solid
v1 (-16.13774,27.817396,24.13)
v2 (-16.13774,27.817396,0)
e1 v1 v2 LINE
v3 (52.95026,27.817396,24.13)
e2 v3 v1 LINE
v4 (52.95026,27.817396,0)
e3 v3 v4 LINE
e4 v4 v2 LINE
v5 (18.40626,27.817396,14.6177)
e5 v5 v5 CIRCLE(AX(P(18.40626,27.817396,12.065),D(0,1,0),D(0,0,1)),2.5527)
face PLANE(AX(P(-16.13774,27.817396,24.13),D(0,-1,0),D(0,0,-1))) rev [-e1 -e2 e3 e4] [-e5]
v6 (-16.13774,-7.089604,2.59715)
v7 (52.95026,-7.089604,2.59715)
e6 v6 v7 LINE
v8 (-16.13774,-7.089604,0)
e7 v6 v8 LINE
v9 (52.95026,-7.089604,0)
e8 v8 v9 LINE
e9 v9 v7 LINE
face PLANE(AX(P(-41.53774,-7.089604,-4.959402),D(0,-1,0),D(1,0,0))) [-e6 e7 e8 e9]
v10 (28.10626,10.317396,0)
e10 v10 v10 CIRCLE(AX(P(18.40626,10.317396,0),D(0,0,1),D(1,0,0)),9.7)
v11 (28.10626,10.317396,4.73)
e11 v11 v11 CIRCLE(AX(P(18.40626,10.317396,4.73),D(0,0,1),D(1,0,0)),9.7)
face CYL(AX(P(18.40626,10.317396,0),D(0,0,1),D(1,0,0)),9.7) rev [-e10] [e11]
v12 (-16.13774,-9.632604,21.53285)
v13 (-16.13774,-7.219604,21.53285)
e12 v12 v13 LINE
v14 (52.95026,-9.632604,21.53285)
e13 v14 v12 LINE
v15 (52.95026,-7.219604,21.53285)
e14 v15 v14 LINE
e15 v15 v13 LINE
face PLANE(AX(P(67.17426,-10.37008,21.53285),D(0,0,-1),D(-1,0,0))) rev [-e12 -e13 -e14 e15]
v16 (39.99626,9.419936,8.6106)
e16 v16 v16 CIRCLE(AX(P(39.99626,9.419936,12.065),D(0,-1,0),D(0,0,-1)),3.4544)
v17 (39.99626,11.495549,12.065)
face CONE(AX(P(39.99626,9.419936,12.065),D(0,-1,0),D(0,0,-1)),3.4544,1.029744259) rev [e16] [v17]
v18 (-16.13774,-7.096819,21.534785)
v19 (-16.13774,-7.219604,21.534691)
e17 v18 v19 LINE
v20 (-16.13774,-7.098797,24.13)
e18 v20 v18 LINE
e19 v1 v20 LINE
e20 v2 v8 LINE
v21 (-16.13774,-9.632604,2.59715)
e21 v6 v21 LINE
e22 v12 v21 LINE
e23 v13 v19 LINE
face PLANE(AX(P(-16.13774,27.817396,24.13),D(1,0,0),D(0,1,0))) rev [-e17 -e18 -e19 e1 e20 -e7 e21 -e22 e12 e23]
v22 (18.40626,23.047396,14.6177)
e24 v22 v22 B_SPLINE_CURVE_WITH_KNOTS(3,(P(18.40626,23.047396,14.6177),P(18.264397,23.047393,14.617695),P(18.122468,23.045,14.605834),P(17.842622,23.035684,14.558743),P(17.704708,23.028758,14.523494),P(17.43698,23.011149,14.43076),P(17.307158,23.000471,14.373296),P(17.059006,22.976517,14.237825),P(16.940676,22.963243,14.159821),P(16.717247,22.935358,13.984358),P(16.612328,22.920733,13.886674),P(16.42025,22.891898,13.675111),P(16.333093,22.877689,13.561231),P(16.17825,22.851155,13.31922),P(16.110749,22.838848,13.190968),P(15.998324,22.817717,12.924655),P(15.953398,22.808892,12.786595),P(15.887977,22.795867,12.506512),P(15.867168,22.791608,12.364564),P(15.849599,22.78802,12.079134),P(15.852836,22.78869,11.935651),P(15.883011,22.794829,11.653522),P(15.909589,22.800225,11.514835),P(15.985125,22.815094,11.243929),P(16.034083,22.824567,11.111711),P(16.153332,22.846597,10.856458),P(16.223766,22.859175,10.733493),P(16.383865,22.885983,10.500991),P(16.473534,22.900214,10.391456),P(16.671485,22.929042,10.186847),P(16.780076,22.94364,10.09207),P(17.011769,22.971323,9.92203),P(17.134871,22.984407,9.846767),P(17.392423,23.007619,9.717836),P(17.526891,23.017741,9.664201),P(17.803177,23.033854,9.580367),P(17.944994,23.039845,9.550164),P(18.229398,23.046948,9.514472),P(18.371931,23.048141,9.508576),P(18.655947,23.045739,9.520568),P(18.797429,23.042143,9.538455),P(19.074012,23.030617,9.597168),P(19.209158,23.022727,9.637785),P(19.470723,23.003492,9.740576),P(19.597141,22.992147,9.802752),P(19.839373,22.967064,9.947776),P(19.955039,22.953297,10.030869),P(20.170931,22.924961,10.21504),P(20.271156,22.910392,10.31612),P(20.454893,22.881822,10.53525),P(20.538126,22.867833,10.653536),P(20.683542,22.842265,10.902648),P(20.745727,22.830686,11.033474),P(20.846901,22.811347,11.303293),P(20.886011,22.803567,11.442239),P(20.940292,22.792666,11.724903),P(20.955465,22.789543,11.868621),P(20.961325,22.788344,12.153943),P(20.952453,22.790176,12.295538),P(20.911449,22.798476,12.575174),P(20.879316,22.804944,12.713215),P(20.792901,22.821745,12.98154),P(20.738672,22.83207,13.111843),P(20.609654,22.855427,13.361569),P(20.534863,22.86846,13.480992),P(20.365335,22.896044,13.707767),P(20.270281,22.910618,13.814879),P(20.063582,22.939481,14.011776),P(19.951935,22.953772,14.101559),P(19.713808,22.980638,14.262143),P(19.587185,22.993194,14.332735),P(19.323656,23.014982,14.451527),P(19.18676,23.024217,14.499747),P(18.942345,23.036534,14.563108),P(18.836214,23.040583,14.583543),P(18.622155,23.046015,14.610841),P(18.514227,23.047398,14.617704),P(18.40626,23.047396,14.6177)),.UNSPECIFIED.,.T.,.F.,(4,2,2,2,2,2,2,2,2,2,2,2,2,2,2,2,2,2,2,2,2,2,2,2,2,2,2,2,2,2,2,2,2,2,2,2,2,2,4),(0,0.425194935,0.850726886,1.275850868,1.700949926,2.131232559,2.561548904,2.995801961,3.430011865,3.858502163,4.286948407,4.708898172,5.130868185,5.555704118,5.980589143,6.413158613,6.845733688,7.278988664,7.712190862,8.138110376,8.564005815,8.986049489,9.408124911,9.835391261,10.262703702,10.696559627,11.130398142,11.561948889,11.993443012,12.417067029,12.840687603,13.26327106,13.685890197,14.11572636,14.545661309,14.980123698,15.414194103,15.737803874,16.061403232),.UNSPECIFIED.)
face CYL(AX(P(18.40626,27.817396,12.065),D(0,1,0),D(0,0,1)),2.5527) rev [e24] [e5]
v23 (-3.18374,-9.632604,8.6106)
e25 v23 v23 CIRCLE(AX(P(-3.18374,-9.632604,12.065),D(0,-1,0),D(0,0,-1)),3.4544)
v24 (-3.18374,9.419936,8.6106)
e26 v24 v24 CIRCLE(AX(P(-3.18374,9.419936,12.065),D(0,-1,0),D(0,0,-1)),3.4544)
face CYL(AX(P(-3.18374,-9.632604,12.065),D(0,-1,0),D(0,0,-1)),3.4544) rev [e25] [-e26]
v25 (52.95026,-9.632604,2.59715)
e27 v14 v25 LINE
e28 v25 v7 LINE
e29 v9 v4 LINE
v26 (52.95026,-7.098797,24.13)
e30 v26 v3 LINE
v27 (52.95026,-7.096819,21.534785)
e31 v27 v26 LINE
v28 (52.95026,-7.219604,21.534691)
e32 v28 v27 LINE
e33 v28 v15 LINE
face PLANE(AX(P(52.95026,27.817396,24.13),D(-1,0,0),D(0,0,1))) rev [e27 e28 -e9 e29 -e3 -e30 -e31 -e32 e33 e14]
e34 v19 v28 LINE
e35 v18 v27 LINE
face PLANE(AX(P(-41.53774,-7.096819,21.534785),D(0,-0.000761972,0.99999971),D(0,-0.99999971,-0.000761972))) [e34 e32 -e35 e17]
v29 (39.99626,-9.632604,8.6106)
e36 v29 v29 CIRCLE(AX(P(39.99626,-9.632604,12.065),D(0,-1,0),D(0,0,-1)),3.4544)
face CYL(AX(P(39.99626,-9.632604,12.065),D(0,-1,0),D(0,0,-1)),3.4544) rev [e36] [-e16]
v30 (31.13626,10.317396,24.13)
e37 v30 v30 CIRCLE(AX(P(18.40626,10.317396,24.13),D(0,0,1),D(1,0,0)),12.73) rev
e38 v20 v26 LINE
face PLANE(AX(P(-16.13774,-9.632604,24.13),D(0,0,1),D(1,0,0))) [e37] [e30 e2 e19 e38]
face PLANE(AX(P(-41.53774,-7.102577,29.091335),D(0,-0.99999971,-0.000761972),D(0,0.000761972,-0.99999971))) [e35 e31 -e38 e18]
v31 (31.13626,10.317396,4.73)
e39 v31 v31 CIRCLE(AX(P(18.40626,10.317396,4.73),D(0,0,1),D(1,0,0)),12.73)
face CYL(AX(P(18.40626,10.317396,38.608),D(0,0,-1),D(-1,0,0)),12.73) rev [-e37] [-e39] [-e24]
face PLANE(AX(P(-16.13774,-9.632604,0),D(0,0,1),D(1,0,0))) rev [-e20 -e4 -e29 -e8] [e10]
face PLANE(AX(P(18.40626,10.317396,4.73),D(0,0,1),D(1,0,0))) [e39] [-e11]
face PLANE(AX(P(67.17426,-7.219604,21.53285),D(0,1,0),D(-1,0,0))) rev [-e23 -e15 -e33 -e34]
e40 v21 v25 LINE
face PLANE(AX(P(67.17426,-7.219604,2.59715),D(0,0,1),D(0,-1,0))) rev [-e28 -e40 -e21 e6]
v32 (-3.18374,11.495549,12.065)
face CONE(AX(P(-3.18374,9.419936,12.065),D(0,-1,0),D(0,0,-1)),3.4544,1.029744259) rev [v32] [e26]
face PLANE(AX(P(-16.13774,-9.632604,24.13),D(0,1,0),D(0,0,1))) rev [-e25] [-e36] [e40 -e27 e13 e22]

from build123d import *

# Parameters (mm, degrees)
SKETCH1_W                    = 69.088
SKETCH1_H                    = 37.45
EXTRUDE1_DEPTH               = 24.13
CUT_EXTRUDE1_DEPTH           = 8.128
CUT_EXTRUDE1_DEPTH_BACK      = 83.312
CUT_EXTRUDE4_DEPTH           = 25.4
CUT_EXTRUDE4_DEPTH_BACK      = 89.662
SKETCH11_W                   = 7.556551936
SKETCH11_H                   = 2.543
F_5_16_24_TAPPED_HOLE1_D     = 6.9088
F_5_16_24_TAPPED_HOLE1_DEPTH = 19.05254
F_5_16_24_TAPPED_HOLE1_TIP   = 2.075612922
CUT_EXTRUDE5_DEPTH           = 38.608
CUT_EXTRUDE5_DEPTH_BACK      = 11.938
SKETCH15_R                   = 12.72999994
SKETCH16_R                   = 14.7
SKETCH16_R_2                 = 9.7
BOSS_EXTRUDE1_DEPTH          = 4.73
F_1_4_20_TAPPED_HOLE2_D      = 5.1054
F_1_4_20_TAPPED_HOLE2_DEPTH  = 16.51
F_1_4_20_TAPPED_HOLE2_TIP    = 1.533816902


with BuildPart() as part:
    # Sketch1 → Extrude1 (new body)
    with BuildSketch(Plane.XY):
        with Locations((18.406260253, 9.092395655)):
            Rectangle(SKETCH1_W, SKETCH1_H)
    extrude(amount=EXTRUDE1_DEPTH)

    # Sketch2 → Cut-Extrude1 (cut, two sides: drawn at the far end of the back side and taken through both)
    with BuildSketch(Plane.ZY.offset(16.137739747).offset(-CUT_EXTRUDE1_DEPTH_BACK)):
        with BuildLine():
            Line((-1.394410139, -7.219604345), (2.59715, -7.219604345))
            Line((2.59715, -7.219604345), (2.59715, -10.370080057))
            Line((2.59715, -10.370080057), (21.53285, -10.370080057))
            Line((21.53285, -10.370080057), (21.53285, -7.219604345))
            Line((21.53285, -7.219604345), (26.024229083, -7.219604345))
            ThreePointArc((26.024229083, -7.219604345), (12.314909472, -19.255117467), (-1.394410139, -7.219604345))
        make_face()
    extrude(amount=CUT_EXTRUDE1_DEPTH + CUT_EXTRUDE1_DEPTH_BACK, mode=Mode.SUBTRACT)

    # Sketch11 → Cut-Extrude4 (cut, two sides: drawn at the far end of the back side and taken through both)
    with BuildSketch(Plane.ZY.offset(16.137739747).offset(-CUT_EXTRUDE4_DEPTH_BACK)):
        with Locations((-1.181125968, -8.361104345)):
            Rectangle(SKETCH11_W, SKETCH11_H)
        Polygon((21.534784946, -7.096819318), (21.532847251, -9.63981858), (29.089396994, -9.645576459), (29.091334688, -7.102577197), align=None)
    extrude(amount=CUT_EXTRUDE4_DEPTH + CUT_EXTRUDE4_DEPTH_BACK, mode=Mode.SUBTRACT)

    # 5/16-24 Tapped Hole1
    with Locations(Plane(origin=(-3.183739747, -9.632604345, 12.065), x_dir=(0, 0, -1), z_dir=(0, -1, 0))):
        with Locations((0, 0), (0, 43.18)):
            Hole(F_5_16_24_TAPPED_HOLE1_D / 2, depth=F_5_16_24_TAPPED_HOLE1_DEPTH)
            with Locations((0, 0, -(F_5_16_24_TAPPED_HOLE1_DEPTH + F_5_16_24_TAPPED_HOLE1_TIP / 2))):  # 118° drill point
                Cone(0, F_5_16_24_TAPPED_HOLE1_D / 2, F_5_16_24_TAPPED_HOLE1_TIP, mode=Mode.SUBTRACT)

    # Sketch15 → Cut-Extrude5 (cut, two sides: drawn at the far end of the back side and taken through both)
    with BuildSketch(Plane.XY.offset(-CUT_EXTRUDE5_DEPTH_BACK)):
        with Locations(Location((18.406260253, 10.317395655, 0), (0, 0, 180))):
            Circle(SKETCH15_R)
    extrude(amount=CUT_EXTRUDE5_DEPTH + CUT_EXTRUDE5_DEPTH_BACK, mode=Mode.SUBTRACT)

    # Sketch16 → Boss-Extrude1 (add)
    with BuildSketch(Plane.XY.offset(4.73)):
        with Locations((18.406260253, 10.317395655)):
            Circle(SKETCH16_R)
        with Locations((18.406260253, 10.317395655)):
            Circle(SKETCH16_R_2, mode=Mode.SUBTRACT)
    extrude(amount=-BOSS_EXTRUDE1_DEPTH)

    # 1/4-20 Tapped Hole2
    with Locations(Plane(origin=(18.406260253, 27.817395655, 12.065), x_dir=(0, 0, 1), z_dir=(0, 1, 0))):
        with Locations((0, 0)):
            Hole(F_1_4_20_TAPPED_HOLE2_D / 2, depth=F_1_4_20_TAPPED_HOLE2_DEPTH)
            with Locations((0, 0, -(F_1_4_20_TAPPED_HOLE2_DEPTH + F_1_4_20_TAPPED_HOLE2_TIP / 2))):  # 118° drill point
                Cone(0, F_1_4_20_TAPPED_HOLE2_D / 2, F_1_4_20_TAPPED_HOLE2_TIP, mode=Mode.SUBTRACT)


solid = part.part
